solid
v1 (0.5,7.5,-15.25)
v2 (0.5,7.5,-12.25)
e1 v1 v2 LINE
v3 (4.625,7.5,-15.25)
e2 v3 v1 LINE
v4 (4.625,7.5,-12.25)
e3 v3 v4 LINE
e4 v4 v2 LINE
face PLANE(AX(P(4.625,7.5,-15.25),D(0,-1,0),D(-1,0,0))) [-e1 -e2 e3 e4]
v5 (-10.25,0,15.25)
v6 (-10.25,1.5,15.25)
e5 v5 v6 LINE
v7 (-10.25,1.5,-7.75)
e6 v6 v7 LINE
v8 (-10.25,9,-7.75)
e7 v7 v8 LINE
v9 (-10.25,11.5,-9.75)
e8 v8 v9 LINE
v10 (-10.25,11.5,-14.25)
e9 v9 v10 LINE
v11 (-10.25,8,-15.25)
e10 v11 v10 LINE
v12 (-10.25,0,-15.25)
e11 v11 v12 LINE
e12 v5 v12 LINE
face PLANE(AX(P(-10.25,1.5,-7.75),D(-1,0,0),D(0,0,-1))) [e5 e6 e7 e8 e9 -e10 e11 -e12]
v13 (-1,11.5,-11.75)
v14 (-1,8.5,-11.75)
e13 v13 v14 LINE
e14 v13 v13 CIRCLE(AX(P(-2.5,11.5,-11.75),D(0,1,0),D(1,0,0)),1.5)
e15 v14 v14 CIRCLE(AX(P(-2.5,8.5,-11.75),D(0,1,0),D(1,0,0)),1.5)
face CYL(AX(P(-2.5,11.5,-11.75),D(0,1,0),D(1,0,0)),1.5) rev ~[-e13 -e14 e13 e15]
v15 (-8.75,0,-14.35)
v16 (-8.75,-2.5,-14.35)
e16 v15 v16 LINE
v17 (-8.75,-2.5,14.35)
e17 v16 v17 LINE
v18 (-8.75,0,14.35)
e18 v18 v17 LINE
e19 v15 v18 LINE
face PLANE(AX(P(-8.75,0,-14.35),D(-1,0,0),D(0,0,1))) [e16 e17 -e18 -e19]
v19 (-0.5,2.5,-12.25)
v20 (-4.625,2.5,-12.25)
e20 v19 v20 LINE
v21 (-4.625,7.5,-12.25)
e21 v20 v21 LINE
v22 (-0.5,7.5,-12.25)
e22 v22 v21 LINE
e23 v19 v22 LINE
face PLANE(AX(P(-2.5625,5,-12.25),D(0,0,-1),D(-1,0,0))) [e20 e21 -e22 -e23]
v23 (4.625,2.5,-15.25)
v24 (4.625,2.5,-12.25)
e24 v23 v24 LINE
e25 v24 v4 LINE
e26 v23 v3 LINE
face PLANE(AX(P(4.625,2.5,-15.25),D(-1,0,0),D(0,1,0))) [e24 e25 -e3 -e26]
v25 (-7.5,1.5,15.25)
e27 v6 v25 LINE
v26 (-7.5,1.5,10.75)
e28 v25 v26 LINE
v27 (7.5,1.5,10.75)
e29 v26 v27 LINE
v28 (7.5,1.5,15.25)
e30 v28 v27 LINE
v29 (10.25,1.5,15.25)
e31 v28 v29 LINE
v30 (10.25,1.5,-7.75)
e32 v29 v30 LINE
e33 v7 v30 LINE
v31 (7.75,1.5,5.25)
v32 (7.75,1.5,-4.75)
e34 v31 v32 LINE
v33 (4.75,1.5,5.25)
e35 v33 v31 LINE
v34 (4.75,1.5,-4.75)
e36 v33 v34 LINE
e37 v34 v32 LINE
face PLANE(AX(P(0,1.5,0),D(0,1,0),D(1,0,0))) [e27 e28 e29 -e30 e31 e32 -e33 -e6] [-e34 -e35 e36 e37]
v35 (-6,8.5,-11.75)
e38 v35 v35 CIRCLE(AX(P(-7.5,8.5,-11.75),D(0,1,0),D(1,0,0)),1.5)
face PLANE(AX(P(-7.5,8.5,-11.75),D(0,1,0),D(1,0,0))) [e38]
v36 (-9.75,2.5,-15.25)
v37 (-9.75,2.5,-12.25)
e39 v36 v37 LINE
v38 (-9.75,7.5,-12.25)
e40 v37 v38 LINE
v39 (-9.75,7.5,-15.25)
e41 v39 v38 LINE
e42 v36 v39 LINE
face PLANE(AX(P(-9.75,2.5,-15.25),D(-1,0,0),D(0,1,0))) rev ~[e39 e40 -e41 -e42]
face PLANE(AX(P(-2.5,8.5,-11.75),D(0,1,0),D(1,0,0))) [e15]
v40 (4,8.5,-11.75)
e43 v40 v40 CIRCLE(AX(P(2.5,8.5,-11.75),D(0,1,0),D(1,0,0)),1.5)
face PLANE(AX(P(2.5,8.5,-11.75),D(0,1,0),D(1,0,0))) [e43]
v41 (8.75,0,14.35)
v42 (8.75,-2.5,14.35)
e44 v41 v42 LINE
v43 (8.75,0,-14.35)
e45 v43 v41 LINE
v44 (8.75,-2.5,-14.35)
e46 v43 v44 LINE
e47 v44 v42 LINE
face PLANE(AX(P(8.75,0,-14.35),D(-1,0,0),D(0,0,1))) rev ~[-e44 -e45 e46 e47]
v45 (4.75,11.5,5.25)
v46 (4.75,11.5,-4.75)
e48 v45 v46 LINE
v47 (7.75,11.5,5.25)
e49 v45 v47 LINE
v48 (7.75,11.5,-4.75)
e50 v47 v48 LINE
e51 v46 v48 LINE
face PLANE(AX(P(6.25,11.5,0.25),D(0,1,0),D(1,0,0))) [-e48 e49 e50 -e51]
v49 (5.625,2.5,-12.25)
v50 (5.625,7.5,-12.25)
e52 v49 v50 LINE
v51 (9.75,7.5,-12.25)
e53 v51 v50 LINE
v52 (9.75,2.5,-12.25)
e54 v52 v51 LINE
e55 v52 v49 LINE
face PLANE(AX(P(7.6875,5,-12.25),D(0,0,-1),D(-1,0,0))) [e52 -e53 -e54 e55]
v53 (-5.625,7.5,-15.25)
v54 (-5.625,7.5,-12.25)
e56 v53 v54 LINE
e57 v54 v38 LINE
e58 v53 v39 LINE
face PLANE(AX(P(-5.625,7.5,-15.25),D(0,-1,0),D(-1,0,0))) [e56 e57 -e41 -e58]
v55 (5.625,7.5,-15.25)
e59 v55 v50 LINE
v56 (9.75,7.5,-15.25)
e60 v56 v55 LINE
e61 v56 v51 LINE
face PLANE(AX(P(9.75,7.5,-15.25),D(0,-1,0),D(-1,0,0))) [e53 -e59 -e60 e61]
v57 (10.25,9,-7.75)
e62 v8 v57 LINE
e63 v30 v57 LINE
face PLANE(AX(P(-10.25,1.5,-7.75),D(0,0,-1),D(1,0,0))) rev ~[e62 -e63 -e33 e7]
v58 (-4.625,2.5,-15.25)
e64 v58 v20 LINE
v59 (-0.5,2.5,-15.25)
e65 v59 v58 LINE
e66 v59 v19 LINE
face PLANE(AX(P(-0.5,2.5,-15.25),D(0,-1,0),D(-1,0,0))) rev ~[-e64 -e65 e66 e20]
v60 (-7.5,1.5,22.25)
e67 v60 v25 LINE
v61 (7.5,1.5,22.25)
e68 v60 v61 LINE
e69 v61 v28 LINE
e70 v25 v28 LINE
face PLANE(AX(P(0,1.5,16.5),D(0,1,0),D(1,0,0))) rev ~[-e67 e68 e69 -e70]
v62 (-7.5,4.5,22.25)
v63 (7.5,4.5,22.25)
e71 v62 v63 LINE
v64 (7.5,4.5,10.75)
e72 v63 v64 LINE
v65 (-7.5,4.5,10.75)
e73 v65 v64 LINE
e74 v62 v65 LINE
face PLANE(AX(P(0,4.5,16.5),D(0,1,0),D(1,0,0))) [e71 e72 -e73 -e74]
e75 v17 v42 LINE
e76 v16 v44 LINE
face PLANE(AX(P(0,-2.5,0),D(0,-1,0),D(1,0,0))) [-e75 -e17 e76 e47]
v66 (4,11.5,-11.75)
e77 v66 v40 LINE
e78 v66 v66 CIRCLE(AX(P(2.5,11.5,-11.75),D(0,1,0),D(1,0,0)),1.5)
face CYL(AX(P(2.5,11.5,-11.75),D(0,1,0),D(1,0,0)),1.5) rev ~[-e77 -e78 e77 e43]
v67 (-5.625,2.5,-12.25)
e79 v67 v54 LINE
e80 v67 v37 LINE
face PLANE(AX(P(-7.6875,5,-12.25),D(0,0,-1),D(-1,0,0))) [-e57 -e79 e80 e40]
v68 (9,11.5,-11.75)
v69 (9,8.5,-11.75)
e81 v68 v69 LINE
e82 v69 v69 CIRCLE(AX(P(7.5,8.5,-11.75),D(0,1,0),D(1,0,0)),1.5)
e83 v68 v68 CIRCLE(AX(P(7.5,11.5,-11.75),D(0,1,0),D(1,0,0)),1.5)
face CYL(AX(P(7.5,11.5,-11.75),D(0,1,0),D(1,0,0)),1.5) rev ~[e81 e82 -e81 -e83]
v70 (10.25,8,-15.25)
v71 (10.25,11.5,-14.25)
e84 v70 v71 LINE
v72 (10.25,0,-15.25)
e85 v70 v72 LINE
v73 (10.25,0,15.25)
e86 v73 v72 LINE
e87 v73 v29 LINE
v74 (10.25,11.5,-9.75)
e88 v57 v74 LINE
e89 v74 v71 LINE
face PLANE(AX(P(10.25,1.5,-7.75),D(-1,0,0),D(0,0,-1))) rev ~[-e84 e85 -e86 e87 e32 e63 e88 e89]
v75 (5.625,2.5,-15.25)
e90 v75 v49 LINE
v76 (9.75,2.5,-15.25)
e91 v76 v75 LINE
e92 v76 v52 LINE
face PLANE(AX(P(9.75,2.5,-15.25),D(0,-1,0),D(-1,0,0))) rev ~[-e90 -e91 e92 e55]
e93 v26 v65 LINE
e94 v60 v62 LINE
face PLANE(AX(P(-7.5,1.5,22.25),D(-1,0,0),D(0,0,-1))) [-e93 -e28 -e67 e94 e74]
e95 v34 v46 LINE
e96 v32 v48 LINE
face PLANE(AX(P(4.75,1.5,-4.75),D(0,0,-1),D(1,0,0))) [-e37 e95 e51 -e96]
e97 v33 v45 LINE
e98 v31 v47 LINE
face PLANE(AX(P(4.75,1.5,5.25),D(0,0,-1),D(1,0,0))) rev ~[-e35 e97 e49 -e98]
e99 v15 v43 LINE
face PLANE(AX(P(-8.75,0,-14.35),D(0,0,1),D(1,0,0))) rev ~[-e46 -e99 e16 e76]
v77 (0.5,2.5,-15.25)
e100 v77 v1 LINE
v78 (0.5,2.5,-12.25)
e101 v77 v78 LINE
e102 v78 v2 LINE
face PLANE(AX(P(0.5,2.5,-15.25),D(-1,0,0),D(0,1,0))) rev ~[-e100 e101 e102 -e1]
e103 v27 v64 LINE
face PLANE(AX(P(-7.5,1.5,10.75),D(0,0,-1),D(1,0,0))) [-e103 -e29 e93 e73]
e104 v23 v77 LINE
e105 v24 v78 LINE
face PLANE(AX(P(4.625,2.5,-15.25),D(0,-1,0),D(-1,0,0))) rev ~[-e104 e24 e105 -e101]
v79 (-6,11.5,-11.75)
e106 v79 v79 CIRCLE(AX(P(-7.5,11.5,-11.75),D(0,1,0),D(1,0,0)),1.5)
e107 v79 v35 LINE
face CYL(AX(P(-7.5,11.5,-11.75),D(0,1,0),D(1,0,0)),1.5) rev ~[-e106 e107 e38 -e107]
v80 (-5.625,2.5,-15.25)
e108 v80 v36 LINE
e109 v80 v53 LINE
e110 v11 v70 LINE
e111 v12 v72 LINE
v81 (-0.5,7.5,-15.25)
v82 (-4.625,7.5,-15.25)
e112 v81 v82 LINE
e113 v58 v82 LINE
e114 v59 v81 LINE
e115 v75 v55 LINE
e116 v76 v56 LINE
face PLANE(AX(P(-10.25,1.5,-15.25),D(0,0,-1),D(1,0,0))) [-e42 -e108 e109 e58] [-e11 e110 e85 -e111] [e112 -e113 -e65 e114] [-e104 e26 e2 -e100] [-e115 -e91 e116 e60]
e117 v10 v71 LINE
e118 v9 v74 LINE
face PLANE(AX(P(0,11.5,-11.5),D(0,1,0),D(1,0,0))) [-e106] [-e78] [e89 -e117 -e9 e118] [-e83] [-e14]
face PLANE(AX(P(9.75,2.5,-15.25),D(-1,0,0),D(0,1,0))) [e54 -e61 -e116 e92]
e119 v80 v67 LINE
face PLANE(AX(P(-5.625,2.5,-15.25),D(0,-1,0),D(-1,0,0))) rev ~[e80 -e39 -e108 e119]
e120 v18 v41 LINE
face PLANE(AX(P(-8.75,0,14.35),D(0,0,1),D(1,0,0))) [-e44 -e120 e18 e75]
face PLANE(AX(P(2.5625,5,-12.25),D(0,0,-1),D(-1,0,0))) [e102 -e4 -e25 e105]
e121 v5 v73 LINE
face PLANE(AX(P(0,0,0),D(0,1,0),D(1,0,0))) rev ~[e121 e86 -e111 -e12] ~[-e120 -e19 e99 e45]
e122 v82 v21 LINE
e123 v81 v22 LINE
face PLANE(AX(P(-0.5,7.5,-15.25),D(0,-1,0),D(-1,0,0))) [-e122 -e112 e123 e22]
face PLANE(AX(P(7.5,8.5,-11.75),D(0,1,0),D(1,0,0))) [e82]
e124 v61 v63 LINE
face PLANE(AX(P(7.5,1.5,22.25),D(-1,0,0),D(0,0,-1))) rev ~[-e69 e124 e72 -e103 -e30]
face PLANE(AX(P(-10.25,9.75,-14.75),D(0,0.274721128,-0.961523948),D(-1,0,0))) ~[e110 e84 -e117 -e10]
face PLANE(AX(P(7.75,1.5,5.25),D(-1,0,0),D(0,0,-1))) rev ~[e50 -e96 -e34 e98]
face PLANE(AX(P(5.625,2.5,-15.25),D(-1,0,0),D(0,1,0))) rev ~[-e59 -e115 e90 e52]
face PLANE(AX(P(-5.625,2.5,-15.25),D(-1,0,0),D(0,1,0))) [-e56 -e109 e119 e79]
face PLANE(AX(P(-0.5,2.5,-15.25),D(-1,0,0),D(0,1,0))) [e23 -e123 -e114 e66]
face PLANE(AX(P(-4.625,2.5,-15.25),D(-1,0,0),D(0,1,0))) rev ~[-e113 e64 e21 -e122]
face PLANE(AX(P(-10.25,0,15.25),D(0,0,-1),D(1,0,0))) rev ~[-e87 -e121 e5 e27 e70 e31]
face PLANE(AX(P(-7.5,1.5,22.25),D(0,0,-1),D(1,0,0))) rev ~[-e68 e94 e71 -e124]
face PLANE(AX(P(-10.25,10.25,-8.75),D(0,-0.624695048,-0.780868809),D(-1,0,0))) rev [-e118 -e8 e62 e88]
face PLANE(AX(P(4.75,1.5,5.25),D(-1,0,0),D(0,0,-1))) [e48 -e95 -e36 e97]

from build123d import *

# Parameters (mm, degrees)
SKETCH1_W           = 20.5
SKETCH1_H           = 30.5
BOSS_EXTRUDE1_DEPTH = 1.5
SKETCH2_W           = 15
SKETCH2_H           = 11.5
BOSS_EXTRUDE2_DEPTH = 3
SKETCH3_W           = 3
SKETCH3_H           = 10
BOSS_EXTRUDE3_DEPTH = 10
SKETCH4_W           = 20.5
SKETCH4_H           = 7.5
BOSS_EXTRUDE4_DEPTH = 10
SKETCH5_W           = 4.125
SKETCH5_H           = 5
CUT_EXTRUDE1_DEPTH  = 3
CHAMFER1_SIZE       = 2.5
CHAMFER1_SIZE2      = 2
CHAMFER2_SIZE       = 3.5
CHAMFER2_SIZE2      = 1
SKETCH6_R           = 1.5
CUT_EXTRUDE2_DEPTH  = 3
SKETCH8_W           = 17.5
SKETCH8_H           = 28.7
BOSS_EXTRUDE5_DEPTH = 2.5


with BuildPart() as part:
    # Sketch1 → Boss-Extrude1 (new body)
    with BuildSketch(Plane(origin=(0, 0, 0), x_dir=(1, 0, 0), z_dir=(0, 1, 0))):
        Rectangle(SKETCH1_W, SKETCH1_H)
    extrude(amount=BOSS_EXTRUDE1_DEPTH)

    # Sketch2 → Boss-Extrude2 (add)
    with BuildSketch(Plane(origin=(0, 1.5, 0), x_dir=(1, 0, 0), z_dir=(0, 1, 0))):
        with Locations((0, -16.5)):
            Rectangle(SKETCH2_W, SKETCH2_H)
    extrude(amount=BOSS_EXTRUDE2_DEPTH)

    # Sketch3 → Boss-Extrude3 (add)
    with BuildSketch(Plane(origin=(0, 1.5, 0), x_dir=(1, 0, 0), z_dir=(0, 1, 0))):
        with Locations((6.25, -0.25)):
            Rectangle(SKETCH3_W, SKETCH3_H)
    extrude(amount=BOSS_EXTRUDE3_DEPTH)

    # Sketch4 → Boss-Extrude4 (add)
    with BuildSketch(Plane(origin=(0, 1.5, 0), x_dir=(1, 0, 0), z_dir=(0, 1, 0))):
        with Locations((0, 11.5)):
            Rectangle(SKETCH4_W, SKETCH4_H)
    extrude(amount=BOSS_EXTRUDE4_DEPTH)

    # Sketch5 → Cut-Extrude1 (cut)
    with BuildSketch(Plane(origin=(0, 0, -15.25), x_dir=(-1, 0, 0), z_dir=(0, 0, -1))):
        with Locations((-7.6875, 5)):
            Rectangle(SKETCH5_W, SKETCH5_H)
        with Locations((-2.5625, 5)):
            Rectangle(SKETCH5_W, SKETCH5_H)
        with Locations((2.5625, 5)):
            Rectangle(SKETCH5_W, SKETCH5_H)
        with Locations((7.6875, 5)):
            Rectangle(SKETCH5_W, SKETCH5_H)
    extrude(amount=-CUT_EXTRUDE1_DEPTH, mode=Mode.SUBTRACT)

    # Chamfer1
    chamfer1_edges = [part.edges().sort_by_distance(p)[0] for p in [
        (0, 11.5, -7.75),
    ]]
    chamfer1_side = [part.faces().sort_by_distance(p)[0] for p in [
        (0, 6.5, -7.75),
    ]]
    chamfer(chamfer1_edges, length=CHAMFER1_SIZE, length2=CHAMFER1_SIZE2, reference=chamfer1_side[0])

    # Chamfer2
    chamfer2_edges = [part.edges().sort_by_distance(p)[0] for p in [
        (0, 11.5, -15.25),
    ]]
    chamfer2_side = [part.faces().sort_by_distance(p)[0] for p in [
        (0, 6.153752039, -15.25),
    ]]
    chamfer(chamfer2_edges, length=CHAMFER2_SIZE, length2=CHAMFER2_SIZE2, reference=chamfer2_side[0])

    # Sketch6 → Cut-Extrude2 (cut)
    with BuildSketch(Plane(origin=(0, 11.5, 0), x_dir=(1, 0, 0), z_dir=(0, 1, 0))):
        with Locations((-7.5, 11.75)):
            Circle(SKETCH6_R)
        with Locations((-2.5, 11.75)):
            Circle(SKETCH6_R)
        with Locations((2.5, 11.75)):
            Circle(SKETCH6_R)
        with Locations((7.5, 11.75)):
            Circle(SKETCH6_R)
    extrude(amount=-CUT_EXTRUDE2_DEPTH, mode=Mode.SUBTRACT)

    # Sketch8 → Boss-Extrude5 (add)
    with BuildSketch(Plane.XZ):
        Rectangle(SKETCH8_W, SKETCH8_H)
    extrude(amount=BOSS_EXTRUDE5_DEPTH)


solid = part.part
